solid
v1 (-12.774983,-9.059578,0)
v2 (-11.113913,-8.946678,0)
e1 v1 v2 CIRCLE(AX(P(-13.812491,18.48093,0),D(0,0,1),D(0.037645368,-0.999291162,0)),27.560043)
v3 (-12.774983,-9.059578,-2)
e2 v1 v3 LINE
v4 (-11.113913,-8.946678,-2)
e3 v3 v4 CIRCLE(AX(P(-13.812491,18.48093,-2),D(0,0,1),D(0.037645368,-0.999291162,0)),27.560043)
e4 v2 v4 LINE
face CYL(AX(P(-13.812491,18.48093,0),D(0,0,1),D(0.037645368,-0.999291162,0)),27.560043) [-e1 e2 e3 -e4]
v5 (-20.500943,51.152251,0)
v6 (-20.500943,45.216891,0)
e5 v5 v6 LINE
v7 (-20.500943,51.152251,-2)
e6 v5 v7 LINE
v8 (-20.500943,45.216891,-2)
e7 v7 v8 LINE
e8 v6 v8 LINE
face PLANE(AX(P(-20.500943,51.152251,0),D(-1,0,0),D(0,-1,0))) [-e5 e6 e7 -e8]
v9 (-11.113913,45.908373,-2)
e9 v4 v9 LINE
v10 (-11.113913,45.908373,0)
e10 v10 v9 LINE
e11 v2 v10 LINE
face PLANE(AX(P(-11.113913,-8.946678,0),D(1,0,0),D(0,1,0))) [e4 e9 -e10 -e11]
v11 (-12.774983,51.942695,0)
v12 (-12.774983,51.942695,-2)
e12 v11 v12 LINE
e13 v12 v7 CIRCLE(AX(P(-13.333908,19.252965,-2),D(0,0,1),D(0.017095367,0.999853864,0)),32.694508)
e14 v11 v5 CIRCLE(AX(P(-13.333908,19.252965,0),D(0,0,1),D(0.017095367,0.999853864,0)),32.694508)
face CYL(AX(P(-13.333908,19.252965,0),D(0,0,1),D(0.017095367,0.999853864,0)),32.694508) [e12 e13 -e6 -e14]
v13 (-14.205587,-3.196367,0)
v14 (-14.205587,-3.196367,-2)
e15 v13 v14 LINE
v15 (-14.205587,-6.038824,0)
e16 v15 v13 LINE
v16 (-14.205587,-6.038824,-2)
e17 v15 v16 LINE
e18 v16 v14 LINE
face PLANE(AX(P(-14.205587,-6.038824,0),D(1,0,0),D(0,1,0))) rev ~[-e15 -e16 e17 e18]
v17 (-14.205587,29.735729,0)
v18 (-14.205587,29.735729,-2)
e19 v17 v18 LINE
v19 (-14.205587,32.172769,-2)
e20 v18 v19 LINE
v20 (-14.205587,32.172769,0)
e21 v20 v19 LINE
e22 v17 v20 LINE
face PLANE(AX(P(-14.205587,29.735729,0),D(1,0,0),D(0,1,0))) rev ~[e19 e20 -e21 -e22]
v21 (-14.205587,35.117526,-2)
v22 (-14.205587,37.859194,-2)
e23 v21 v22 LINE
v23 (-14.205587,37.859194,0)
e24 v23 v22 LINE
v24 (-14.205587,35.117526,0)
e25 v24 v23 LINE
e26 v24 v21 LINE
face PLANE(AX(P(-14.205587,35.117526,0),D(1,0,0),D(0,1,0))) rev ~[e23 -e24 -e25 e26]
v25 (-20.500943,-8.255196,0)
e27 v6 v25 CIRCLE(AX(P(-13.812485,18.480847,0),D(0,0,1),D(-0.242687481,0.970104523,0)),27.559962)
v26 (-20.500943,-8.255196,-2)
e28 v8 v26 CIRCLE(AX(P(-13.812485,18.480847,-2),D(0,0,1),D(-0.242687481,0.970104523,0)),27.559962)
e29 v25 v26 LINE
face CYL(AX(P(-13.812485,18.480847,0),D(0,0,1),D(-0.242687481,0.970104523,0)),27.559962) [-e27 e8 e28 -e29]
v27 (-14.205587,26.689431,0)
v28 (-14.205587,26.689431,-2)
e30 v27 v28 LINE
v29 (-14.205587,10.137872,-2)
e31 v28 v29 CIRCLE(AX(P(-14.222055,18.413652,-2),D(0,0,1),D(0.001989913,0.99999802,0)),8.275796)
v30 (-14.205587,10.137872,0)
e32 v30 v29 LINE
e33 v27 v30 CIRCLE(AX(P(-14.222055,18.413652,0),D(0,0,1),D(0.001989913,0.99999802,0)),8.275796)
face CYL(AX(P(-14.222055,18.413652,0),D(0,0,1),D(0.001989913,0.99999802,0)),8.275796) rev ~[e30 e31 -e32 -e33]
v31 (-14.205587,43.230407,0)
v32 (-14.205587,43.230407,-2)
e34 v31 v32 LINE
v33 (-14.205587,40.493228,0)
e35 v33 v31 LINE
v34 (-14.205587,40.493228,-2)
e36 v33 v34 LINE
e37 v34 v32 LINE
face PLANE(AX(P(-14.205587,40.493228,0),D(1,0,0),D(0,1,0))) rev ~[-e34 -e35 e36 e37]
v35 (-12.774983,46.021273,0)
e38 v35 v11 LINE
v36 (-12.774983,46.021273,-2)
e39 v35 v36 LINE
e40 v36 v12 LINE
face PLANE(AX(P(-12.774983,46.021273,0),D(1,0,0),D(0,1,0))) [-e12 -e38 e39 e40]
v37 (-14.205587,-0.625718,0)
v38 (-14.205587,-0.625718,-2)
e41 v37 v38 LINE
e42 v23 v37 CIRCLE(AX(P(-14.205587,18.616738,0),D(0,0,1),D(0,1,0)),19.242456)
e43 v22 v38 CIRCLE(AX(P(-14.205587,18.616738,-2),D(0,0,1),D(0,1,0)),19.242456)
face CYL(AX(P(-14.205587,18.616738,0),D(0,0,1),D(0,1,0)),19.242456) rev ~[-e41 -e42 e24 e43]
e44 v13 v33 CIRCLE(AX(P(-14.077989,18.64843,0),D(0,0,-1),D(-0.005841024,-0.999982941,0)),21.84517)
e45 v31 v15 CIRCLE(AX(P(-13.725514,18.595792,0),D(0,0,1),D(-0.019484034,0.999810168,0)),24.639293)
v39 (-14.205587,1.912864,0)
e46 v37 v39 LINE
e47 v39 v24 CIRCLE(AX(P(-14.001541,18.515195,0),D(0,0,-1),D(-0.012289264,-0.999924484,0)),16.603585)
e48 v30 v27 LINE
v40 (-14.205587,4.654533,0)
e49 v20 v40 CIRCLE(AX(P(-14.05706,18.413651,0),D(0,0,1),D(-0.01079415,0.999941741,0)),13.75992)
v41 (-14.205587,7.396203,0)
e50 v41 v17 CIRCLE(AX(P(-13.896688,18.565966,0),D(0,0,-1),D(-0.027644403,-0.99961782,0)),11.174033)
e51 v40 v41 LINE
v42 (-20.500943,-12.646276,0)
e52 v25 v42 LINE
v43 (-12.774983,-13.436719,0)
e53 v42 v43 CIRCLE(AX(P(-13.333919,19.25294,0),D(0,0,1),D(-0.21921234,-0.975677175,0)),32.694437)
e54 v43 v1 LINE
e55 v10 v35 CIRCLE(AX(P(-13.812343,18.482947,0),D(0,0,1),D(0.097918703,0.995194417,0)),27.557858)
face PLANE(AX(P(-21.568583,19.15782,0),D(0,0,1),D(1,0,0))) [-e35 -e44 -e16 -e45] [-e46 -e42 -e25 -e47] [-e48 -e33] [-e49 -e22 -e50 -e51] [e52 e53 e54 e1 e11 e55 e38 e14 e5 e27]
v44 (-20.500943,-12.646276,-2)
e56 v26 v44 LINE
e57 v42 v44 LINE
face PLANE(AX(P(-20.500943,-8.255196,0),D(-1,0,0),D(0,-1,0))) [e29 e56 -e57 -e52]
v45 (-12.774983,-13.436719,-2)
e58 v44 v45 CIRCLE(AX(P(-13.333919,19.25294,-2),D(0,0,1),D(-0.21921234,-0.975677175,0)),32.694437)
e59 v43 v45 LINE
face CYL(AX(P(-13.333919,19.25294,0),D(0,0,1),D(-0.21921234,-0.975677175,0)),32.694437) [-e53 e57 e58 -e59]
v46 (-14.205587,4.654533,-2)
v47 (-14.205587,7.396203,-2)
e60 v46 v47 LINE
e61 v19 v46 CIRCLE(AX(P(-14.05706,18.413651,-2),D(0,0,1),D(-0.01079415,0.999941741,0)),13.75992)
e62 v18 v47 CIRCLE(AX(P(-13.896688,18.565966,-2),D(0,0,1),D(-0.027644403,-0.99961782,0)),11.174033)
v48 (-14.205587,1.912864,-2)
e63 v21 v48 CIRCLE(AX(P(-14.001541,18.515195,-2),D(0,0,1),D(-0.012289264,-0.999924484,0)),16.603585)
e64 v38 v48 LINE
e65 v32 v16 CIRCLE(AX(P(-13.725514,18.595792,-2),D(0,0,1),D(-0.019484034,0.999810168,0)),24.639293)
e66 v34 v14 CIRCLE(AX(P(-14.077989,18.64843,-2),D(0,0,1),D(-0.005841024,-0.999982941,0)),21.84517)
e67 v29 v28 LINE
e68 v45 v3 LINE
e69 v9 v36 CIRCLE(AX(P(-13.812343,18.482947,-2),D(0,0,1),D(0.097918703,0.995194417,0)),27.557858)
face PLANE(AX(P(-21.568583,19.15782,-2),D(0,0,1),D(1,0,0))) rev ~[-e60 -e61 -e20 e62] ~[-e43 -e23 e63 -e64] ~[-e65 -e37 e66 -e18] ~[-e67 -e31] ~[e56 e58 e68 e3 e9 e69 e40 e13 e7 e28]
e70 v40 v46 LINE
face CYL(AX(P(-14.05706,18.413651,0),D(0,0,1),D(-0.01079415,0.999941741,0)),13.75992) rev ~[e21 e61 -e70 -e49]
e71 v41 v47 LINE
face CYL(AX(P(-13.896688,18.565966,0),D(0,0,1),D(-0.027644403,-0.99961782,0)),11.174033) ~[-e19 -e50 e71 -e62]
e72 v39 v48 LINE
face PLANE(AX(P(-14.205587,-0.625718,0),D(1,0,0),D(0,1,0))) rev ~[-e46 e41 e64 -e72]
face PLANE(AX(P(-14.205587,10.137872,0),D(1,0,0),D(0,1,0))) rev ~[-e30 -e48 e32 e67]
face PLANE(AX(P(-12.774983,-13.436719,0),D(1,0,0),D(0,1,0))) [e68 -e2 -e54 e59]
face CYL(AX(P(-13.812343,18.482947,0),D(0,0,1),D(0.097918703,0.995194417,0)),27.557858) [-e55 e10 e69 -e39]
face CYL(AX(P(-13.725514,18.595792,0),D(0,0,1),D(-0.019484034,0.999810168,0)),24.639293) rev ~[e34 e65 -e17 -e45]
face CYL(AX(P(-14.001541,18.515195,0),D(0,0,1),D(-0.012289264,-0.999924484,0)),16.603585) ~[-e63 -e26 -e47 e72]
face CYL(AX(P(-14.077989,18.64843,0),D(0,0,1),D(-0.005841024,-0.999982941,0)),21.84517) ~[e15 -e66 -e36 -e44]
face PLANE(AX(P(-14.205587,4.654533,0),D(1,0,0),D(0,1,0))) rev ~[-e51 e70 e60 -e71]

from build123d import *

# Parameters (mm, degrees)
F1_DEPTH = 2
F3_DEPTH = 4


with BuildPart() as f1:
    # F0 (on Top) → F1 (new body)
    with BuildSketch(Plane.XY):
        with BuildLine():
            Line((-11.113913, -8.946678), (-11.113913, 45.908373))
            ThreePointArc((-11.113913, 45.908373), (-11.943595, 45.97737), (-12.774983, 46.021273))
            Line((-12.774983, 46.021273), (-12.774983, 51.942695))
            ThreePointArc((-12.774983, 51.942695), (-16.661516, 51.777692), (-20.500943, 51.152251))
            Line((-20.500943, 51.152251), (-20.500943, 45.216891))
            ThreePointArc((-20.500943, 45.216891), (-41.372447, 18.480848), (-20.500943, -8.255196))
            Line((-20.500943, -8.255196), (-20.500943, -12.646276))
            ThreePointArc((-20.500943, -12.646276), (-16.661516, -13.271717), (-12.774983, -13.436719))
            Line((-12.774983, -13.436719), (-12.774983, -9.059578))
            ThreePointArc((-12.774983, -9.059578), (-11.943595, -9.015674), (-11.113913, -8.946678))
        make_face()
    extrude(amount=-F1_DEPTH)

    # F2 (on Top) → F3 (cut)
    with BuildSketch(Plane.XY):
        with BuildLine():
            Line((-14.205587, 10.137872), (-14.205587, 26.689431))
            ThreePointArc((-14.205587, 26.689431), (-22.497851, 18.413651), (-14.205587, 10.137872))
        make_face()
        with BuildLine():
            Line((-14.205587, 29.735729), (-14.205587, 32.172769))
            ThreePointArc((-14.205587, 32.172769), (-27.81698, 18.413651), (-14.205587, 4.654533))
            Line((-14.205587, 4.654533), (-14.205587, 7.396203))
            ThreePointArc((-14.205587, 7.396203), (-25.070721, 18.565966), (-14.205587, 29.735729))
        make_face()
        with BuildLine():
            ThreePointArc((-14.205587, 1.912864), (-30.605126, 18.515195), (-14.205587, 35.117526))
            Line((-14.205587, 35.117526), (-14.205587, 37.859194))
            ThreePointArc((-14.205587, 37.859194), (-33.448043, 18.616738), (-14.205587, -0.625718))
            Line((-14.205587, -0.625718), (-14.205587, 1.912864))
        make_face()
        with BuildLine():
            ThreePointArc((-14.205587, -3.196367), (-35.923159, 18.64843), (-14.205587, 40.493228))
            Line((-14.205587, 40.493228), (-14.205587, 43.230407))
            ThreePointArc((-14.205587, 43.230407), (-38.364807, 18.595791), (-14.205587, -6.038824))
            Line((-14.205587, -6.038824), (-14.205587, -3.196367))
        make_face()
    extrude(amount=-F3_DEPTH, mode=Mode.SUBTRACT)


solid = f1.part
